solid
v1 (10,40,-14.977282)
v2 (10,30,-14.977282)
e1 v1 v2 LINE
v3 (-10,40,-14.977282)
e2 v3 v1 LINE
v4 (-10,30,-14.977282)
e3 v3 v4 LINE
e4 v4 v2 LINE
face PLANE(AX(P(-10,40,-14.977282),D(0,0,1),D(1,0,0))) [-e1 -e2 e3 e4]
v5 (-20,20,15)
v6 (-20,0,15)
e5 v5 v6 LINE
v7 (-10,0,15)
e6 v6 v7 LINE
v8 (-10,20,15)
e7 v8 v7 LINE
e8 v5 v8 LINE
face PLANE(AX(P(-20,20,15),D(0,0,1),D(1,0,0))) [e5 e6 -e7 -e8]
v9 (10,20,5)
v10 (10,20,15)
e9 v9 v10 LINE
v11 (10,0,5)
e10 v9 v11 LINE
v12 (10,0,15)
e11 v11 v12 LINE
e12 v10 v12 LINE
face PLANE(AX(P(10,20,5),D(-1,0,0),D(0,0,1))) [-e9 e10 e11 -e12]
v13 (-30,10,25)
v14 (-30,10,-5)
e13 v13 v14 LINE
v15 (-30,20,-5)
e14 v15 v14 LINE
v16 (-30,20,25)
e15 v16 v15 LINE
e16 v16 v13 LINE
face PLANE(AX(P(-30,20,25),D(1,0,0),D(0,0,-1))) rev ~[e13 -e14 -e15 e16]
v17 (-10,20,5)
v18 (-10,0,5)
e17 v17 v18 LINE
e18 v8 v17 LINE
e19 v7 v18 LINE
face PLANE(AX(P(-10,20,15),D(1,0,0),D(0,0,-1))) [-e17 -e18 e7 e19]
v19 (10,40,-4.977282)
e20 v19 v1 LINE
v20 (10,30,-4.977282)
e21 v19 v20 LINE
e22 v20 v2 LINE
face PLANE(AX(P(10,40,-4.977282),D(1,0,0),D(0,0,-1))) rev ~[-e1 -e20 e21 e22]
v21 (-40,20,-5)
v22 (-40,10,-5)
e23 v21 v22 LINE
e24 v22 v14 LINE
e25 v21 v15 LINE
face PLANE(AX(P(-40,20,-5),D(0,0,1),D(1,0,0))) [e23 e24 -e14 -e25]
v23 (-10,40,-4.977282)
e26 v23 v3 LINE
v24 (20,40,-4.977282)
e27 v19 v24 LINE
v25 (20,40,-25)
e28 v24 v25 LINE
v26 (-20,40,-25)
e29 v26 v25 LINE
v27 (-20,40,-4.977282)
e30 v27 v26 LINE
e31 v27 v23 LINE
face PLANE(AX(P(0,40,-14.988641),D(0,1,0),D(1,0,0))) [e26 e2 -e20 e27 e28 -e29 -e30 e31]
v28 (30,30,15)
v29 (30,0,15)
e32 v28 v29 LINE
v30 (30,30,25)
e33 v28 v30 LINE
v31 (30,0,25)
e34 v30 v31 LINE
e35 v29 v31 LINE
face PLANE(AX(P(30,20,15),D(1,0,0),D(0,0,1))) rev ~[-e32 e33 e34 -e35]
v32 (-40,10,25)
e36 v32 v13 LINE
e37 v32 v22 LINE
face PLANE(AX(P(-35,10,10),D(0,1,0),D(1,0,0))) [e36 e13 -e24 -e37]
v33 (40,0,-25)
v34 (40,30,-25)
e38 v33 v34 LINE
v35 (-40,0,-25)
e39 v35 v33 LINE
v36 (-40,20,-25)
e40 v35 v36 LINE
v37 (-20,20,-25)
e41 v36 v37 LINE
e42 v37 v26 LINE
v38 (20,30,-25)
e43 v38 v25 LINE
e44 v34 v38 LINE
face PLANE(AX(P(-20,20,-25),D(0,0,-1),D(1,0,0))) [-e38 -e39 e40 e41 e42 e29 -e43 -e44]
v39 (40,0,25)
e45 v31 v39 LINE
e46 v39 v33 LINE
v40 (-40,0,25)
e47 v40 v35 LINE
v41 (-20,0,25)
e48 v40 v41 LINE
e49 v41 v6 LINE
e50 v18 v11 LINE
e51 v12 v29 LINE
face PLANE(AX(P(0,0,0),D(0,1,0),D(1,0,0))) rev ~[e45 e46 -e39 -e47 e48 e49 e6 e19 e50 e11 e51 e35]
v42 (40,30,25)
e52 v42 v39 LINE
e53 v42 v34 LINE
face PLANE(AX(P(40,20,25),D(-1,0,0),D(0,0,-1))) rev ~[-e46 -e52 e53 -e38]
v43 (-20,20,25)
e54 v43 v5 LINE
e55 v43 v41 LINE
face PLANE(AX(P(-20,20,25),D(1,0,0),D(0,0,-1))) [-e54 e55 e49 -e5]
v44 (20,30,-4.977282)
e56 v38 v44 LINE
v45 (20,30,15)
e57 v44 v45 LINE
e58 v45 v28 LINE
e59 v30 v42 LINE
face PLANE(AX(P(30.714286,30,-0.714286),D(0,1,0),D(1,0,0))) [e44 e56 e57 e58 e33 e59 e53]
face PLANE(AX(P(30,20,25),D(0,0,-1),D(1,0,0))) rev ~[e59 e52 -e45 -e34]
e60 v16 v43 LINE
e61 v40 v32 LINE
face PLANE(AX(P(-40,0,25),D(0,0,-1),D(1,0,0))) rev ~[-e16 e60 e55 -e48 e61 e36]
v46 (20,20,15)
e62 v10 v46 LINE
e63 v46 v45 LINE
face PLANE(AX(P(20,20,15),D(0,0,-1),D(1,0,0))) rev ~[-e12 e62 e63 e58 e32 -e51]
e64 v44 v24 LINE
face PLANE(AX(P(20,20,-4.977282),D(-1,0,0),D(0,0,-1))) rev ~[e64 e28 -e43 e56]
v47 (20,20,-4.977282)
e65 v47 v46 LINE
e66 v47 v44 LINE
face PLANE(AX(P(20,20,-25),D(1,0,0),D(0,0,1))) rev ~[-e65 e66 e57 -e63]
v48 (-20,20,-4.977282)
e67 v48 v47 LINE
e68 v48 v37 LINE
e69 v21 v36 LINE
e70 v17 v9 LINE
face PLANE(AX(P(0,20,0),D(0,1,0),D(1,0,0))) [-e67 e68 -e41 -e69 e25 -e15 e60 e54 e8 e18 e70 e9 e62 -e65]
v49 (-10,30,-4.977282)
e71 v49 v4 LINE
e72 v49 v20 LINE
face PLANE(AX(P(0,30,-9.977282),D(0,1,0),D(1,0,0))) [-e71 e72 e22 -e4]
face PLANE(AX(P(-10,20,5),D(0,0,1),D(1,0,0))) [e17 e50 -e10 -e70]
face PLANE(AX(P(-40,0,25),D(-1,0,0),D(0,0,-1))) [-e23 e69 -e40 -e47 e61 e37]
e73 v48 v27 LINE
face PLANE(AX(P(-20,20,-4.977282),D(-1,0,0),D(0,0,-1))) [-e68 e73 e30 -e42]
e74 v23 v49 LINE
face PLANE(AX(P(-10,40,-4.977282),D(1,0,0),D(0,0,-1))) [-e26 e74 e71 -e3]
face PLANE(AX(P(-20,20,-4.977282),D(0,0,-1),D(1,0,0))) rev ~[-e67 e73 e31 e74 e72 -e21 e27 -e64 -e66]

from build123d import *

# Parameters (mm, degrees)
SKETCH1_W           = 80
SKETCH1_H           = 50
BOSS_EXTRUDE1_DEPTH = 20
CUT_EXTRUDE1_DEPTH  = 20
SKETCH3_W           = 10
SKETCH3_H           = 30
CUT_EXTRUDE2_DEPTH  = 10
BOSS_EXTRUDE2_DEPTH = 10
SKETCH6_W           = 40
SKETCH6_H           = 20.022717562
BOSS_EXTRUDE3_DEPTH = 20
SKETCH7_W           = 20
SKETCH7_H           = 10
CUT_EXTRUDE3_DEPTH  = 10


with BuildPart() as part:
    # Sketch1 → Boss-Extrude1 (new body)
    with BuildSketch(Plane(origin=(0, 0, 0), x_dir=(1, 0, 0), z_dir=(0, 1, 0))):
        Rectangle(SKETCH1_W, SKETCH1_H)
    extrude(amount=BOSS_EXTRUDE1_DEPTH)

    # Sketch2 → Cut-Extrude1 (cut)
    with BuildSketch(Plane(origin=(0, 20, 0), x_dir=(1, 0, 0), z_dir=(0, 1, 0))):
        Polygon((-20, -25), (-20, -15), (-10, -15), (-10, -5), (10, -5), (10, -15), (30, -15), (30, -25), align=None)
    extrude(amount=-CUT_EXTRUDE1_DEPTH, mode=Mode.SUBTRACT)

    # Sketch3 → Cut-Extrude2 (cut)
    with BuildSketch(Plane(origin=(0, 20, 0), x_dir=(1, 0, 0), z_dir=(0, 1, 0))):
        with Locations((-35, -10)):
            Rectangle(SKETCH3_W, SKETCH3_H)
    extrude(amount=-CUT_EXTRUDE2_DEPTH, mode=Mode.SUBTRACT)

    # Sketch4 → Boss-Extrude2 (add)
    with BuildSketch(Plane(origin=(0, 20, 0), x_dir=(1, 0, 0), z_dir=(0, 1, 0))):
        Polygon((40, -25), (40, 25), (20, 25), (20, -15), (30, -15), (30, -25), align=None)
    extrude(amount=BOSS_EXTRUDE2_DEPTH)

    # Sketch6 → Boss-Extrude3 (add)
    with BuildSketch(Plane(origin=(0, 20, 0), x_dir=(1, 0, 0), z_dir=(0, 1, 0))):
        with Locations((0, 14.988641219)):
            Rectangle(SKETCH6_W, SKETCH6_H)
    extrude(amount=BOSS_EXTRUDE3_DEPTH)

    # Sketch7 → Cut-Extrude3 (cut)
    with BuildSketch(Plane(origin=(0, 40, 0), x_dir=(1, 0, 0), z_dir=(0, 1, 0))):
        with Locations((0, 9.977282438)):
            Rectangle(SKETCH7_W, SKETCH7_H)
    extrude(amount=-CUT_EXTRUDE3_DEPTH, mode=Mode.SUBTRACT)


solid = part.part
